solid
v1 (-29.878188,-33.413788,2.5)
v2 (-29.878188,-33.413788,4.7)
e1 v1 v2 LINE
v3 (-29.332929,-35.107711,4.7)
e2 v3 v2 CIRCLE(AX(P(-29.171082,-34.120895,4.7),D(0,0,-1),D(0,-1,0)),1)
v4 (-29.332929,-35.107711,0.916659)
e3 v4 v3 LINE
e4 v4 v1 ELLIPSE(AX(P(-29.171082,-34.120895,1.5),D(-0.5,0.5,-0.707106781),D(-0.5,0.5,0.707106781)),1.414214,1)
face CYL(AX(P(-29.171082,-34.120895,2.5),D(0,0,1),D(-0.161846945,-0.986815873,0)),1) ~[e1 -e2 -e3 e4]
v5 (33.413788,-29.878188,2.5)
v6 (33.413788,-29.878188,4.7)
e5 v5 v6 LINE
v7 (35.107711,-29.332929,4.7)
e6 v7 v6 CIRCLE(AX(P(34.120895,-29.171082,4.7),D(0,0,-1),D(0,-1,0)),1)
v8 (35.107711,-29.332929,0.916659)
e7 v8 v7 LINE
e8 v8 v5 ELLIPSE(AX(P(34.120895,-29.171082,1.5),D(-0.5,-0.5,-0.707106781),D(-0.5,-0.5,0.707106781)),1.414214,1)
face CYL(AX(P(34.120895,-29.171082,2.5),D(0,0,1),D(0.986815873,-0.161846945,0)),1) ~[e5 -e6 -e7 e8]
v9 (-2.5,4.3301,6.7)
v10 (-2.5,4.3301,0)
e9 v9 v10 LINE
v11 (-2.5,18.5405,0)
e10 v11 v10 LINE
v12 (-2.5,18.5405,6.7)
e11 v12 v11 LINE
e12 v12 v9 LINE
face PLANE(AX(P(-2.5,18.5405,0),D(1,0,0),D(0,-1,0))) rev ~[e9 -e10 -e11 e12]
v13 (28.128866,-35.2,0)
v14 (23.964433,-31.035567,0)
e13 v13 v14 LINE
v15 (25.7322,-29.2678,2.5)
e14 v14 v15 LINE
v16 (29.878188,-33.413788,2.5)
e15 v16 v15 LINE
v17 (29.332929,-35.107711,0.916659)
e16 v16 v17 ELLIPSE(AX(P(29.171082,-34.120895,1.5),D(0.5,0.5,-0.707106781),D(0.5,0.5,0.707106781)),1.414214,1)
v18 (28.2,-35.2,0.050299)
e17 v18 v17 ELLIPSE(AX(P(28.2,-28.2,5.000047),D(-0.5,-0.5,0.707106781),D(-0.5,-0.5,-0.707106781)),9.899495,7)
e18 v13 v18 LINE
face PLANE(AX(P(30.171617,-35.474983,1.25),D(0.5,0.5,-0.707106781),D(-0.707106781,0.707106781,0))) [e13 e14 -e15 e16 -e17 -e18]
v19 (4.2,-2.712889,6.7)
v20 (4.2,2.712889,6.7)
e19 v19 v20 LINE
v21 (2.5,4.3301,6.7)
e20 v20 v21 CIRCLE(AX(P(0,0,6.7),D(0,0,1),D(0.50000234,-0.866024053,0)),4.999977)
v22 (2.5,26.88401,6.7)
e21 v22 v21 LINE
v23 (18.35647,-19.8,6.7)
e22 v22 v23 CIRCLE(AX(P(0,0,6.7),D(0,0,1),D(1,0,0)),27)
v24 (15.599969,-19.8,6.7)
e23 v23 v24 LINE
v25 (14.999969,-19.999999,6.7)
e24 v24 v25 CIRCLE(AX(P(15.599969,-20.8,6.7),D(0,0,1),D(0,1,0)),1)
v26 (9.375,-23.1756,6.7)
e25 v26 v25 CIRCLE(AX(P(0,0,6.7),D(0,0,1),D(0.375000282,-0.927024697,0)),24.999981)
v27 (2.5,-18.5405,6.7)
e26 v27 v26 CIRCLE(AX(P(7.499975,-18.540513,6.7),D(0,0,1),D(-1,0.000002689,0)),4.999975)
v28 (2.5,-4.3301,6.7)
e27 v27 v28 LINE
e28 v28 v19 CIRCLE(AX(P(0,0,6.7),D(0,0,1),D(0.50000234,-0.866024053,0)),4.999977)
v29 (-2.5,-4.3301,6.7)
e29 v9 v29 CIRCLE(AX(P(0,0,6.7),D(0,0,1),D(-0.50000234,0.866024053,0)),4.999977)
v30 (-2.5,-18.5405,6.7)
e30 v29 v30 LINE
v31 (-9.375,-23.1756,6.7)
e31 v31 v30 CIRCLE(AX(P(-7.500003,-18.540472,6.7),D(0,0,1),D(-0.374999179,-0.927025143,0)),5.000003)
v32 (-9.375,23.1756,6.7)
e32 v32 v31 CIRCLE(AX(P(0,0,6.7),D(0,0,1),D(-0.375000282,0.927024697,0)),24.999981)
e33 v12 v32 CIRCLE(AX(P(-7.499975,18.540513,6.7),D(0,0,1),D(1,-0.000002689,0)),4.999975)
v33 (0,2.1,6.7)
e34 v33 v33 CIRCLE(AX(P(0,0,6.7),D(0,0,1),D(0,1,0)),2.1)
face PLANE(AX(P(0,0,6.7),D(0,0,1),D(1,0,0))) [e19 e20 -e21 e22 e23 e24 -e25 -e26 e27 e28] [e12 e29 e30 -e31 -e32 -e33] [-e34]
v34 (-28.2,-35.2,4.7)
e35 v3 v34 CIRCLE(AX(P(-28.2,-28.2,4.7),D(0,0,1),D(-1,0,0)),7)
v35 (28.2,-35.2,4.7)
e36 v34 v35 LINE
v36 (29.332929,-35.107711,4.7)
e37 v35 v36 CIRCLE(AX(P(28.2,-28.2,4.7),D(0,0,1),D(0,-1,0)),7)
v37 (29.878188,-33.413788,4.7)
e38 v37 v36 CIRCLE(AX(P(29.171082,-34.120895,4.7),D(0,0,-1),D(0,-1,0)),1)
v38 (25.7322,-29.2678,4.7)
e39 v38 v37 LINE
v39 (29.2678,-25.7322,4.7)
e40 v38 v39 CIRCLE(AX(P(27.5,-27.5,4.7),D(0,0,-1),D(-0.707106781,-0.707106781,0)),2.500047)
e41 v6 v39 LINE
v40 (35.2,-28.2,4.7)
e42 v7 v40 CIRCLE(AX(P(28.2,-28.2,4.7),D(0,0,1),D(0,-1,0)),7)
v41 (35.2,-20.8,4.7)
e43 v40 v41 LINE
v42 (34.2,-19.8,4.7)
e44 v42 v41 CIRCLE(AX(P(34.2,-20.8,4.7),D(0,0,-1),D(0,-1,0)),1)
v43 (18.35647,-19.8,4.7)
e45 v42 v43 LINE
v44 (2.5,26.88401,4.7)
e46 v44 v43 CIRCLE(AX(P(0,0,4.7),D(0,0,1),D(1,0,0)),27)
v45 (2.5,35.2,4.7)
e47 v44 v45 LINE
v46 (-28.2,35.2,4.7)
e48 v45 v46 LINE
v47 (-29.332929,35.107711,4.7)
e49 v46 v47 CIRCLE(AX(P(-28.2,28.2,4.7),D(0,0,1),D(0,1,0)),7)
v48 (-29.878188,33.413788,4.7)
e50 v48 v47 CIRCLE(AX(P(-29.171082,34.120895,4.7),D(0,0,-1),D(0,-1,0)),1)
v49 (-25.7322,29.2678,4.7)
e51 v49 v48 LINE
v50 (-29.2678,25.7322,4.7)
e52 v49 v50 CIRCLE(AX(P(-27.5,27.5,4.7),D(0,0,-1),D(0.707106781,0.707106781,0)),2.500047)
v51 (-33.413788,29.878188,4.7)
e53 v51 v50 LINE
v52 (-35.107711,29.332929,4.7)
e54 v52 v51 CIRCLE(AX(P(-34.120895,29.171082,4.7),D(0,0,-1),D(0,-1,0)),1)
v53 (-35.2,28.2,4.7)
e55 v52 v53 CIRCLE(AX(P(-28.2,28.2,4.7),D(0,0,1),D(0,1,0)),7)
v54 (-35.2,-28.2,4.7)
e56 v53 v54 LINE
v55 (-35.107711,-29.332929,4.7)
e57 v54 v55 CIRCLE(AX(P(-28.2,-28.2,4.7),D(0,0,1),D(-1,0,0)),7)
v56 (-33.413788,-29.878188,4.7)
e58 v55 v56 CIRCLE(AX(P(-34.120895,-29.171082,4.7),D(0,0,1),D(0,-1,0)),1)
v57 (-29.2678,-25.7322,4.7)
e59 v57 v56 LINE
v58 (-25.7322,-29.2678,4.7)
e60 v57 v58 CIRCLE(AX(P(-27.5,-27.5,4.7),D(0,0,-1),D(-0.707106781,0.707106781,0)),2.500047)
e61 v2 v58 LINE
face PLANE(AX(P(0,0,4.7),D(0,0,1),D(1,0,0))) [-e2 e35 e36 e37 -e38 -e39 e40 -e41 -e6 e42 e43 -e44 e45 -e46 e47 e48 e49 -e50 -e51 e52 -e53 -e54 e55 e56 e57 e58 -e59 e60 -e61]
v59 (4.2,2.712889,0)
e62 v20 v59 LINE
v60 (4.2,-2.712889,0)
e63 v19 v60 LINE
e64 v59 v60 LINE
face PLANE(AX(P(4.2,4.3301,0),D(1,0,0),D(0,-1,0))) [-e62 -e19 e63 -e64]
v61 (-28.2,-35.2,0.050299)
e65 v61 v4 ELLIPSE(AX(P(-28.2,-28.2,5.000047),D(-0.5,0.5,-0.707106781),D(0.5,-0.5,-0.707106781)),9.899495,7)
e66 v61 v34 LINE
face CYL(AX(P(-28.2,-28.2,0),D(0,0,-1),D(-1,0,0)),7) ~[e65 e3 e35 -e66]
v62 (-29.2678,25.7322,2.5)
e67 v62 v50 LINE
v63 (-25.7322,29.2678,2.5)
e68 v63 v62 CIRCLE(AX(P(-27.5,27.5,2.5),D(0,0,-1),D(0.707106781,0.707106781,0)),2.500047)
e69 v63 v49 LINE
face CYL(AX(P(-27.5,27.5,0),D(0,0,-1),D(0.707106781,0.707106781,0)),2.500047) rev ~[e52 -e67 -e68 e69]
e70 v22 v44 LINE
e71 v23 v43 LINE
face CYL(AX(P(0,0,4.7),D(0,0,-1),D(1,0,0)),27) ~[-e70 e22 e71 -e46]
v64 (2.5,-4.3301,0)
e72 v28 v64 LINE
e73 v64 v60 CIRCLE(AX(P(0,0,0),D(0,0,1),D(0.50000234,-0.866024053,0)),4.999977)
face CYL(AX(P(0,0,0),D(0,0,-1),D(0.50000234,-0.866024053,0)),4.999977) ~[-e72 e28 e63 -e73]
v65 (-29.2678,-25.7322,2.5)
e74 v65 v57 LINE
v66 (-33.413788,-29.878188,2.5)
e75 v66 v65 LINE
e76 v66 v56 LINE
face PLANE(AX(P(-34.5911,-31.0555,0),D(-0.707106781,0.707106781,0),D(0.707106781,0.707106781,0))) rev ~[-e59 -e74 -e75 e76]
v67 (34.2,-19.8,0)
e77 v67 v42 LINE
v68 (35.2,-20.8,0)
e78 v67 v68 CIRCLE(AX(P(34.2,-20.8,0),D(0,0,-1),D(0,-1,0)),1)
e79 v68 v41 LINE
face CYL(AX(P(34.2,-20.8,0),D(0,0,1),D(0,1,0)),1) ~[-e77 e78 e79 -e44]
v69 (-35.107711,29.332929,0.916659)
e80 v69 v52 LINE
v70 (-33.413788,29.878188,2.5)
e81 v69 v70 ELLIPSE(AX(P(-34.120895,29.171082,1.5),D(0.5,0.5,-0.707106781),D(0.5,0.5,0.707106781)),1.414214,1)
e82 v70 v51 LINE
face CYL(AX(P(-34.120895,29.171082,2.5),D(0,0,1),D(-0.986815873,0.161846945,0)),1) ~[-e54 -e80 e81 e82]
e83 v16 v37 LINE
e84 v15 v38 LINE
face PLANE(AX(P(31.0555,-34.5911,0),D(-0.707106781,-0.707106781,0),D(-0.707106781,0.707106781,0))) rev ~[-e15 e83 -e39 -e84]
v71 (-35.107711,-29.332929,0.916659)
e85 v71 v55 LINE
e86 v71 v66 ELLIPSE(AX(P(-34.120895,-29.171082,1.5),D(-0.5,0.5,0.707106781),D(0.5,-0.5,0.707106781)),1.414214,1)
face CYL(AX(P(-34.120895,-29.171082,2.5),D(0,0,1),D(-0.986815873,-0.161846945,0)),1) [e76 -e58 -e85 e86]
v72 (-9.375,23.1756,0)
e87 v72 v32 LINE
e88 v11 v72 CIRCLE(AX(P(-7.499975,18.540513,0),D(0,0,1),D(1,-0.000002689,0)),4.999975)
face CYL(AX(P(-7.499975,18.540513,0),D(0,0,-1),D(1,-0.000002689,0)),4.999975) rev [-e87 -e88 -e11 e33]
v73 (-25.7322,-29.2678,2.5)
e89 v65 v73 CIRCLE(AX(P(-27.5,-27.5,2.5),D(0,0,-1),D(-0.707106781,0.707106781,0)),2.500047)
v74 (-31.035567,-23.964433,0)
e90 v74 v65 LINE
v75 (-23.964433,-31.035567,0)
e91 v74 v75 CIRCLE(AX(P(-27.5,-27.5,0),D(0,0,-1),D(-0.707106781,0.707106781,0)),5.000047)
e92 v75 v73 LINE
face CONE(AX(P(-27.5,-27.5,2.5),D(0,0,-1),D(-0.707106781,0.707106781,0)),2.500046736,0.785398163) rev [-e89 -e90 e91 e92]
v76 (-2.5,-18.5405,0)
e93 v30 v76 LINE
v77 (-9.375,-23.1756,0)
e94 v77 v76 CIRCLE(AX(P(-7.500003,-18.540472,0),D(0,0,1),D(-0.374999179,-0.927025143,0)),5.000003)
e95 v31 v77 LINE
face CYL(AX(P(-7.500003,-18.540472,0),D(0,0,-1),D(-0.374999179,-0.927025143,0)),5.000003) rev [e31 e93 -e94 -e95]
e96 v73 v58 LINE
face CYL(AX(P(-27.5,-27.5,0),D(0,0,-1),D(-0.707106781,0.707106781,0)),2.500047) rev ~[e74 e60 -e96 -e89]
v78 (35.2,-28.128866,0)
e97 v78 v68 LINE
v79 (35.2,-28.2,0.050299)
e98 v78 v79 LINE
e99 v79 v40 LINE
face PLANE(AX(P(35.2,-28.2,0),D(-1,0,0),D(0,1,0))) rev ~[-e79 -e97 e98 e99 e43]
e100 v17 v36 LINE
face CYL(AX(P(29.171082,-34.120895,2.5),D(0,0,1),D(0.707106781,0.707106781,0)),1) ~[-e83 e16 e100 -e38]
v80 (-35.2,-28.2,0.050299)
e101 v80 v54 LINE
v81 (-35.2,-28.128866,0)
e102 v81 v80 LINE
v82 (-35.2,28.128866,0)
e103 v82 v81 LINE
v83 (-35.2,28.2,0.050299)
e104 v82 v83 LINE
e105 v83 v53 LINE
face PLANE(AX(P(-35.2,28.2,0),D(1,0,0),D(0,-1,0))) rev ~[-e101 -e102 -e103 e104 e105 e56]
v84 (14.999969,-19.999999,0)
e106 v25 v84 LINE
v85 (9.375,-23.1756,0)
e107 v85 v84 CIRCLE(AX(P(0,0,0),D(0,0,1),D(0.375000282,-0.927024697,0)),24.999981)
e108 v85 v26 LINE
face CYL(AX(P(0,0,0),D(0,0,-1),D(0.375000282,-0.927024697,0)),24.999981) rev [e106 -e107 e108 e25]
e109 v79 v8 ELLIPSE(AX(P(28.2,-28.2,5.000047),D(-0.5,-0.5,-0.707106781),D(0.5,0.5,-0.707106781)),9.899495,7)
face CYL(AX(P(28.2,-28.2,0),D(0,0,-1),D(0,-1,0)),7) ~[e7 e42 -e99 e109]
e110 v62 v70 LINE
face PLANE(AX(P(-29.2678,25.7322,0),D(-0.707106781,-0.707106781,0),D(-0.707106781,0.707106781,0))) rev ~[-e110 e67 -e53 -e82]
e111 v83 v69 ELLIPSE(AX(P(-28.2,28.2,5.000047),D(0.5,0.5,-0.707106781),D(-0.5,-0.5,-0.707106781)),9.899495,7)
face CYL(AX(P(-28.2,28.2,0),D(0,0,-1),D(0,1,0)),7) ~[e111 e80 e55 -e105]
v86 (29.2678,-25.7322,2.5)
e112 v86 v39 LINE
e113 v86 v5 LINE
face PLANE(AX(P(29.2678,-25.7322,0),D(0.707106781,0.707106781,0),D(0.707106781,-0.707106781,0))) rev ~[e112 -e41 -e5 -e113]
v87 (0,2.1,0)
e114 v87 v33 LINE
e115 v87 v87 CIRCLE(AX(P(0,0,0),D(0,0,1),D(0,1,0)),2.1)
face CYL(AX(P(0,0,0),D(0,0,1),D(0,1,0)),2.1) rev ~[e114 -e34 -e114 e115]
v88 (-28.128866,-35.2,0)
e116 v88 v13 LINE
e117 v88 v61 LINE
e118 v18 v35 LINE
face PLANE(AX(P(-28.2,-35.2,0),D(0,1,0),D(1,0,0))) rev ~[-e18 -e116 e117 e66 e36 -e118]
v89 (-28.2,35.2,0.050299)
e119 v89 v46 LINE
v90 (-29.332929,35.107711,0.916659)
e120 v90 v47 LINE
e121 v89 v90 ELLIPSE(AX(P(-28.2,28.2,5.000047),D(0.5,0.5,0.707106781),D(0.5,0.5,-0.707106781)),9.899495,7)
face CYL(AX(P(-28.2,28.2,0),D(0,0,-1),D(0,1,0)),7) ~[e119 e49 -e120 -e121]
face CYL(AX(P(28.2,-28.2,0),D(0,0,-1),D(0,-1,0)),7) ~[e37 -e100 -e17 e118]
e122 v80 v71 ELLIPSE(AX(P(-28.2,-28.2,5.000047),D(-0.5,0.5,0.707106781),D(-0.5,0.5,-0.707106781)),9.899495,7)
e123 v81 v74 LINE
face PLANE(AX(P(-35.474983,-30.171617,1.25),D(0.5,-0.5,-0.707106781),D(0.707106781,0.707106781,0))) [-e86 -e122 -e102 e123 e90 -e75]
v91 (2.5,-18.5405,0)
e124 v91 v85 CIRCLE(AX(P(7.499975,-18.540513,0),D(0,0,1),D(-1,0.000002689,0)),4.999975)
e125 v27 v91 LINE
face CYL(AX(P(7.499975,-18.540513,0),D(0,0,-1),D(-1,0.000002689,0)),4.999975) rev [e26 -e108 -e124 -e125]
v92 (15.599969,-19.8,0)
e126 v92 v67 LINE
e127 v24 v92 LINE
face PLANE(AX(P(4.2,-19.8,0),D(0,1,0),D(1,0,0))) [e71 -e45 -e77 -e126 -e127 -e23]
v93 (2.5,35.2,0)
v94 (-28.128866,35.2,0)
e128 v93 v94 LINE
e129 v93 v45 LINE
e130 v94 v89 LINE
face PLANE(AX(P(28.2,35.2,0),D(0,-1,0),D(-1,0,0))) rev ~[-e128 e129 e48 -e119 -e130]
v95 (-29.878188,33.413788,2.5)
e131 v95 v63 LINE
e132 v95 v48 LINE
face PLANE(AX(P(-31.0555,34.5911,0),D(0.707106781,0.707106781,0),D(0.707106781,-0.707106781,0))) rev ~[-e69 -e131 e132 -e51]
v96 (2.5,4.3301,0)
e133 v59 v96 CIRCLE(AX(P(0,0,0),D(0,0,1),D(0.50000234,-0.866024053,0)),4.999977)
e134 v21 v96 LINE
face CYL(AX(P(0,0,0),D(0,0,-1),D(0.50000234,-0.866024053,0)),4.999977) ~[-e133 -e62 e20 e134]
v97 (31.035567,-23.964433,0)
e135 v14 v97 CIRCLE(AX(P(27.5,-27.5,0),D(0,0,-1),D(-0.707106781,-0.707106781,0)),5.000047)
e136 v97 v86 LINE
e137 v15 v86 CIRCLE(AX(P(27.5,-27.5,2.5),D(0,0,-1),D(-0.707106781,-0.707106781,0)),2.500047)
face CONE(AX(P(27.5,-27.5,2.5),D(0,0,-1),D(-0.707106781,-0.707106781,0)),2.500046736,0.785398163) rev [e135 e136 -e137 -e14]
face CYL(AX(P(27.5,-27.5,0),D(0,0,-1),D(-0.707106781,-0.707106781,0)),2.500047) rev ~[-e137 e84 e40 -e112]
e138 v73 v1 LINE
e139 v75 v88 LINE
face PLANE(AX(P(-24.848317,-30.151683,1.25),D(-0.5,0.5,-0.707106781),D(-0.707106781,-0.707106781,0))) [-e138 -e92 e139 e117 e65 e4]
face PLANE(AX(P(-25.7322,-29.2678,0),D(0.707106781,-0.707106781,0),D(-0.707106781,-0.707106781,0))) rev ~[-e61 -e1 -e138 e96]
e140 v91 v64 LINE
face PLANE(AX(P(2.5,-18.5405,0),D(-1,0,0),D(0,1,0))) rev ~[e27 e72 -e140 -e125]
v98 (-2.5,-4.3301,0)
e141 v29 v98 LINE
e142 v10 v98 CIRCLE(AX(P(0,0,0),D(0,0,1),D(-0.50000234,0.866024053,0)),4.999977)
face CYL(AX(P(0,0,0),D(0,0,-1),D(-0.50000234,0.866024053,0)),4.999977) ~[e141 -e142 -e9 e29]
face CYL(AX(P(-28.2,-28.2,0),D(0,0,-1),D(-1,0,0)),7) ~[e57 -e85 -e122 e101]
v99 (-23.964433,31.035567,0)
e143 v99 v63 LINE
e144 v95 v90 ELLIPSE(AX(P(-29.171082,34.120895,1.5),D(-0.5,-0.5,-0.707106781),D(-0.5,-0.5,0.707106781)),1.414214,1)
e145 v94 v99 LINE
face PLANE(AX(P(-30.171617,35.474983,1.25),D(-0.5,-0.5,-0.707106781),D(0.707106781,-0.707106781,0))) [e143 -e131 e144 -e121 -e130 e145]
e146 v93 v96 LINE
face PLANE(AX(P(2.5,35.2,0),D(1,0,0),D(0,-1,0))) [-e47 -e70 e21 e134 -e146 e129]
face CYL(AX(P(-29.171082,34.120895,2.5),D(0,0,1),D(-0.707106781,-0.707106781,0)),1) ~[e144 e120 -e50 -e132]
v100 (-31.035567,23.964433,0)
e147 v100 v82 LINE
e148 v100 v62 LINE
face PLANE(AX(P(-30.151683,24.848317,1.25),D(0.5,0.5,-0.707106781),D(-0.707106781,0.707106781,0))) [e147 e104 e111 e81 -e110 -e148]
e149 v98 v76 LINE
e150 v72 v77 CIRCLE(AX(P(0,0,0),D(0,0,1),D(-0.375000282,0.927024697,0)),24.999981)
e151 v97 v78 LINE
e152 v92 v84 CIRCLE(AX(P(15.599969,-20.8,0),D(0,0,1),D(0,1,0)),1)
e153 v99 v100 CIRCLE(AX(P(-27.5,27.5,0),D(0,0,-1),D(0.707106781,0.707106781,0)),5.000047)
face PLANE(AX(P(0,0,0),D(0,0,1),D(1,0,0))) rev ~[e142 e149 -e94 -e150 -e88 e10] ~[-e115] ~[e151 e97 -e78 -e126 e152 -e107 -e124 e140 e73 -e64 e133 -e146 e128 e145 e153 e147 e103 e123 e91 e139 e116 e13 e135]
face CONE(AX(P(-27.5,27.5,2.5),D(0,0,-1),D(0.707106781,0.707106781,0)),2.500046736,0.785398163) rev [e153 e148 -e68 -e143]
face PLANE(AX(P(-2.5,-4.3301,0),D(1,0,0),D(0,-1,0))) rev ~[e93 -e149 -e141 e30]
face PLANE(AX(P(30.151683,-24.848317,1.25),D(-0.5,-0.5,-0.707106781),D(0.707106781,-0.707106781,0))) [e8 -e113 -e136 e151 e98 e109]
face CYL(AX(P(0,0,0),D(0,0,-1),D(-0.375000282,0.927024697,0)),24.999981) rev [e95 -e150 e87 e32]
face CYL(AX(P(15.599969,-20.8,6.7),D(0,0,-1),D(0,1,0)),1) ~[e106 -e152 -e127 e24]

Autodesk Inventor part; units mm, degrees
ref_plane "YZ Plane" through (0, 0, 0) normal (1, 0, 0) x (0, 1, 0)
ref_plane "XZ Plane" through (0, 0, 0) normal (0, 1, 0) x (-1, 0, 0)
ref_plane "XY Plane" through (0, 0, 0) normal (0, 0, 1) x (1, 0, 0)
sketch "Sketch1" plane through (0, 0, 0) normal (0, 0, 1) x (1, 0, 0)
  line L0 (-28.2, -35.2) -> (28.2, -35.2)
  line L1 (35.2, -28.2) -> (35.2, 28.2)
  line L2 (28.2, 35.2) -> (-28.2, 35.2)
  line L3 (-35.2, 28.2) -> (-35.2, -28.2)
  line L4 (-35.2, -35.2) -> (35.2, 35.2) construction
  line L5 (35.2, -35.2) -> (-35.2, 35.2) construction
  arc A0 (-28.2, 35.2) -> (-35.2, 28.2) centre (-28.2, 28.2) ccw
  arc A1 (35.2, 28.2) -> (28.2, 35.2) centre (28.2, 28.2) ccw
  arc A2 (-35.2, -28.2) -> (-28.2, -35.2) centre (-28.2, -28.2) ccw
  arc A3 (28.2, -35.2) -> (35.2, -28.2) centre (28.2, -28.2) ccw
  line L6 (-2.5, -24.8747) -> (2.5, -24.8747) construction
  line L7 (2.5, 24.8747) -> (-2.5, 24.8747) construction
  line L8 (-2.5, -24.8747) -> (2.5, 24.8747) construction
  line L9 (2.5, -24.8747) -> (-2.5, 24.8747) construction
  arc A4 (-9.375, 23.1756) -> (-9.375, -23.1756) centre (0, 0) ccw
  arc A5 (9.375, -23.1756) -> (9.375, 23.1756) centre (0, 0) ccw
  arc A6 (-2.5, 18.5405) -> (-9.375, 23.1756) centre (-7.5, 18.5405) ccw
  arc A7 (9.375, 23.1756) -> (2.5, 18.5405) centre (7.5, 18.5405) ccw
  arc A8 (-9.375, -23.1756) -> (-2.5, -18.5405) centre (-7.5, -18.5405) ccw
  arc A9 (2.5, -18.5405) -> (9.375, -23.1756) centre (7.5, -18.5405) ccw
  line L10 (2.5, 4.3301) -> (2.5, 18.5405)
  line L11 (-2.5, 18.5405) -> (-2.5, 4.3301)
  line L12 (-2.5, -4.3301) -> (-2.5, -18.5405)
  line L13 (2.5, -18.5405) -> (2.5, -4.3301)
  arc A10 (-2.5, 4.3301) -> (-2.5, -4.3301) centre (0, 0) ccw
  arc A11 (2.5, -4.3301) -> (2.5, 4.3301) centre (0, 0) ccw
  dimension "d0" = 70.4
  dimension "d1" = 7
  dimension "d3" = 5
  dimension "d4" = 25
  dimension "d5" = 5
  dimension "d7" = 5
extrude "Extrusion1" add sketch "Sketch1" along normal blind 4.7
sketch "Sketch2" plane through (0, 0, 4.7) normal (0, 0, 1) x (1, 0, 0)
  circle A0 centre (0, 0) radius 27
  arc A1 (9.375, -23.1756) -> (9.375, 23.1756) centre (0, 0) ccw projected
  arc A2 (2.5, -18.5405) -> (9.375, -23.1756) centre (7.5, -18.5405) ccw projected
  line L0 (2.5, -18.5405) -> (2.5, -4.3301) projected
  arc A3 (2.5, -4.3301) -> (2.5, 4.3301) centre (0, 0) ccw projected
  line L1 (2.5, 4.3301) -> (2.5, 18.5405) projected
  arc A4 (9.375, 23.1756) -> (2.5, 18.5405) centre (7.5, 18.5405) ccw projected
  line L2 (-2.5, 18.5405) -> (-2.5, 4.3301) projected
  arc A5 (-2.5, 4.3301) -> (-2.5, -4.3301) centre (0, 0) ccw projected
  line L3 (-2.5, -4.3301) -> (-2.5, -18.5405) projected
  arc A6 (-9.375, -23.1756) -> (-2.5, -18.5405) centre (-7.5, -18.5405) ccw projected
  arc A7 (-9.375, 23.1756) -> (-9.375, -23.1756) centre (0, 0) ccw projected
  arc A8 (-2.5, 18.5405) -> (-9.375, 23.1756) centre (-7.5, 18.5405) ccw projected
  line L4 (28.2, 35.2) -> (-28.2, 35.2) projected
  arc A9 (-28.2, 35.2) -> (-35.2, 28.2) centre (-28.2, 28.2) ccw projected
  line L5 (-35.2, 28.2) -> (-35.2, -28.2) projected
  arc A10 (-35.2, -28.2) -> (-28.2, -35.2) centre (-28.2, -28.2) ccw projected
  line L6 (-28.2, -35.2) -> (28.2, -35.2) projected
  arc A11 (28.2, -35.2) -> (35.2, -28.2) centre (28.2, -28.2) ccw projected
  line L7 (35.2, -28.2) -> (35.2, 28.2) projected
  arc A12 (35.2, 28.2) -> (28.2, 35.2) centre (28.2, 28.2) ccw projected
  dimension "d10" = 54
extrude "Extrusion2" add sketch "Sketch2" along normal blind 2 contours A0
sketch "Sketch3" plane through (0, 0, 0) normal (0, 0, -1) x (-1, 0, 0)
  line L0 (-27.5, -27.5) -> (27.5, -27.5) construction
  line L1 (27.5, -27.5) -> (27.5, 27.5) construction
  line L2 (27.5, 27.5) -> (-27.5, 27.5) construction
  line L3 (-27.5, 27.5) -> (-27.5, -27.5) construction
  line L4 (-27.5, -27.5) -> (27.5, 27.5) construction
  line L5 (27.5, -27.5) -> (-27.5, 27.5) construction
  line L6 (27.5, 27.5) -> (32.8233, 32.8233) construction
  line L7 (29.2678, 25.7322) -> (34.5911, 31.0555)
  line L8 (31.0555, 34.5911) -> (25.7322, 29.2678)
  arc A0 (25.7322, 29.2678) -> (29.2678, 25.7322) centre (27.5, 27.5) ccw
  arc A1 (34.5911, 31.0555) -> (31.0555, 34.5911) centre (32.8233, 32.8233) ccw
  arc A2 (35.2, 28.2) -> (28.2, 35.2) centre (28.2, 28.2) ccw construction
  line L9 (-25.7322, 29.2678) -> (-31.0555, 34.5911)
  arc A3 (-29.2678, 25.7322) -> (-25.7322, 29.2678) centre (-27.5, 27.5) ccw
  line L10 (-34.5911, 31.0555) -> (-29.2678, 25.7322)
  arc A4 (-31.0555, 34.5911) -> (-34.5911, 31.0555) centre (-32.8233, 32.8233) ccw
  line L11 (-29.2678, -25.7322) -> (-34.5911, -31.0555)
  arc A5 (-25.7322, -29.2678) -> (-29.2678, -25.7322) centre (-27.5, -27.5) ccw
  line L12 (-31.0555, -34.5911) -> (-25.7322, -29.2678)
  arc A6 (-34.5911, -31.0555) -> (-31.0555, -34.5911) centre (-32.8233, -32.8233) ccw
  line L13 (25.7322, -29.2678) -> (31.0555, -34.5911)
  arc A7 (29.2678, -25.7322) -> (25.7322, -29.2678) centre (27.5, -27.5) ccw
  line L14 (34.5911, -31.0555) -> (29.2678, -25.7322)
  arc A8 (31.0555, -34.5911) -> (34.5911, -31.0555) centre (32.8233, -32.8233) ccw
  point P0 (0, 0)
  point P1 (30.1617, 30.1617)
  dimension "d13" = 55
  dimension "d14" = 5
  dimension "d18" = 360
extrude "Extrusion3" cut sketch "Sketch3" against normal through all
chamfer "Chamfer1" distance 2.5 angle 45 12 edges at (28.3939, 31.9294, 0) (25.7322, 25.7322, 0) (31.9294, 28.3939, 0) (-28.3939, 31.9294, 0) (-25.7322, 25.7322, 0) (-31.9294, 28.3939, 0) (-25.7322, -25.7322, 0) (-31.9294, -28.3939, 0) (-28.3939, -31.9294, 0) (25.7322, -25.7322, 0) (28.3939, -31.9294, 0) (31.9294, -28.3939, 0)
fillet "Fillet1" radius 1 8 edges at (31.0555, 34.5911, 3.6) (34.5911, 31.0555, 3.6) (34.5911, -31.0555, 3.6) (31.0555, -34.5911, 3.6) (-31.0555, -34.5911, 3.6) (-34.5911, -31.0555, 3.6) (-34.5911, 31.0555, 3.6) (-31.0555, 34.5911, 3.6)
hole "Hole1" at (0, 0, 0) direction (0, 0, 1) diameter 4.2 end through all
sketch "Sketch4" plane through (0, 0, 0) normal (0, 0, -1) x (-1, 0, 0)
  line L0 (-35.2, 35.2) -> (-2.5, 35.2)
  line L1 (-2.5, 35.2) -> (-2.5, 4.3301)
  line L2 (-2.5, 4.3301) -> (-4.2, 4.3301)
  line L3 (-4.2, 4.3301) -> (-4.2, -19.8)
  line L4 (-4.2, -19.8) -> (-35.2, -19.8)
  line L5 (-35.2, 28.1289) -> (-35.2, -28.1289) construction
  line L6 (-35.2, 35.2) -> (-35.2, -19.8)
  line L7 (-2.5, 18.5405) -> (-2.5, 4.3301) projected
  line L8 (28.1289, 35.2) -> (-28.1289, 35.2) construction
  point P0 (0, 0)
  point P1 (2.5, 4.3301)
  dimension "d39" = 31
  dimension "d41" = 55
extrude "Extrusion4" cut sketch "Sketch4" against normal through all
fillet "Fillet2" radius 1 2 edges at (35.2, -19.8, 2.35) (15.263, -19.8, 3.35)
equation "\"Offset\" = 0.3"
properties part number "V4 In wall"
